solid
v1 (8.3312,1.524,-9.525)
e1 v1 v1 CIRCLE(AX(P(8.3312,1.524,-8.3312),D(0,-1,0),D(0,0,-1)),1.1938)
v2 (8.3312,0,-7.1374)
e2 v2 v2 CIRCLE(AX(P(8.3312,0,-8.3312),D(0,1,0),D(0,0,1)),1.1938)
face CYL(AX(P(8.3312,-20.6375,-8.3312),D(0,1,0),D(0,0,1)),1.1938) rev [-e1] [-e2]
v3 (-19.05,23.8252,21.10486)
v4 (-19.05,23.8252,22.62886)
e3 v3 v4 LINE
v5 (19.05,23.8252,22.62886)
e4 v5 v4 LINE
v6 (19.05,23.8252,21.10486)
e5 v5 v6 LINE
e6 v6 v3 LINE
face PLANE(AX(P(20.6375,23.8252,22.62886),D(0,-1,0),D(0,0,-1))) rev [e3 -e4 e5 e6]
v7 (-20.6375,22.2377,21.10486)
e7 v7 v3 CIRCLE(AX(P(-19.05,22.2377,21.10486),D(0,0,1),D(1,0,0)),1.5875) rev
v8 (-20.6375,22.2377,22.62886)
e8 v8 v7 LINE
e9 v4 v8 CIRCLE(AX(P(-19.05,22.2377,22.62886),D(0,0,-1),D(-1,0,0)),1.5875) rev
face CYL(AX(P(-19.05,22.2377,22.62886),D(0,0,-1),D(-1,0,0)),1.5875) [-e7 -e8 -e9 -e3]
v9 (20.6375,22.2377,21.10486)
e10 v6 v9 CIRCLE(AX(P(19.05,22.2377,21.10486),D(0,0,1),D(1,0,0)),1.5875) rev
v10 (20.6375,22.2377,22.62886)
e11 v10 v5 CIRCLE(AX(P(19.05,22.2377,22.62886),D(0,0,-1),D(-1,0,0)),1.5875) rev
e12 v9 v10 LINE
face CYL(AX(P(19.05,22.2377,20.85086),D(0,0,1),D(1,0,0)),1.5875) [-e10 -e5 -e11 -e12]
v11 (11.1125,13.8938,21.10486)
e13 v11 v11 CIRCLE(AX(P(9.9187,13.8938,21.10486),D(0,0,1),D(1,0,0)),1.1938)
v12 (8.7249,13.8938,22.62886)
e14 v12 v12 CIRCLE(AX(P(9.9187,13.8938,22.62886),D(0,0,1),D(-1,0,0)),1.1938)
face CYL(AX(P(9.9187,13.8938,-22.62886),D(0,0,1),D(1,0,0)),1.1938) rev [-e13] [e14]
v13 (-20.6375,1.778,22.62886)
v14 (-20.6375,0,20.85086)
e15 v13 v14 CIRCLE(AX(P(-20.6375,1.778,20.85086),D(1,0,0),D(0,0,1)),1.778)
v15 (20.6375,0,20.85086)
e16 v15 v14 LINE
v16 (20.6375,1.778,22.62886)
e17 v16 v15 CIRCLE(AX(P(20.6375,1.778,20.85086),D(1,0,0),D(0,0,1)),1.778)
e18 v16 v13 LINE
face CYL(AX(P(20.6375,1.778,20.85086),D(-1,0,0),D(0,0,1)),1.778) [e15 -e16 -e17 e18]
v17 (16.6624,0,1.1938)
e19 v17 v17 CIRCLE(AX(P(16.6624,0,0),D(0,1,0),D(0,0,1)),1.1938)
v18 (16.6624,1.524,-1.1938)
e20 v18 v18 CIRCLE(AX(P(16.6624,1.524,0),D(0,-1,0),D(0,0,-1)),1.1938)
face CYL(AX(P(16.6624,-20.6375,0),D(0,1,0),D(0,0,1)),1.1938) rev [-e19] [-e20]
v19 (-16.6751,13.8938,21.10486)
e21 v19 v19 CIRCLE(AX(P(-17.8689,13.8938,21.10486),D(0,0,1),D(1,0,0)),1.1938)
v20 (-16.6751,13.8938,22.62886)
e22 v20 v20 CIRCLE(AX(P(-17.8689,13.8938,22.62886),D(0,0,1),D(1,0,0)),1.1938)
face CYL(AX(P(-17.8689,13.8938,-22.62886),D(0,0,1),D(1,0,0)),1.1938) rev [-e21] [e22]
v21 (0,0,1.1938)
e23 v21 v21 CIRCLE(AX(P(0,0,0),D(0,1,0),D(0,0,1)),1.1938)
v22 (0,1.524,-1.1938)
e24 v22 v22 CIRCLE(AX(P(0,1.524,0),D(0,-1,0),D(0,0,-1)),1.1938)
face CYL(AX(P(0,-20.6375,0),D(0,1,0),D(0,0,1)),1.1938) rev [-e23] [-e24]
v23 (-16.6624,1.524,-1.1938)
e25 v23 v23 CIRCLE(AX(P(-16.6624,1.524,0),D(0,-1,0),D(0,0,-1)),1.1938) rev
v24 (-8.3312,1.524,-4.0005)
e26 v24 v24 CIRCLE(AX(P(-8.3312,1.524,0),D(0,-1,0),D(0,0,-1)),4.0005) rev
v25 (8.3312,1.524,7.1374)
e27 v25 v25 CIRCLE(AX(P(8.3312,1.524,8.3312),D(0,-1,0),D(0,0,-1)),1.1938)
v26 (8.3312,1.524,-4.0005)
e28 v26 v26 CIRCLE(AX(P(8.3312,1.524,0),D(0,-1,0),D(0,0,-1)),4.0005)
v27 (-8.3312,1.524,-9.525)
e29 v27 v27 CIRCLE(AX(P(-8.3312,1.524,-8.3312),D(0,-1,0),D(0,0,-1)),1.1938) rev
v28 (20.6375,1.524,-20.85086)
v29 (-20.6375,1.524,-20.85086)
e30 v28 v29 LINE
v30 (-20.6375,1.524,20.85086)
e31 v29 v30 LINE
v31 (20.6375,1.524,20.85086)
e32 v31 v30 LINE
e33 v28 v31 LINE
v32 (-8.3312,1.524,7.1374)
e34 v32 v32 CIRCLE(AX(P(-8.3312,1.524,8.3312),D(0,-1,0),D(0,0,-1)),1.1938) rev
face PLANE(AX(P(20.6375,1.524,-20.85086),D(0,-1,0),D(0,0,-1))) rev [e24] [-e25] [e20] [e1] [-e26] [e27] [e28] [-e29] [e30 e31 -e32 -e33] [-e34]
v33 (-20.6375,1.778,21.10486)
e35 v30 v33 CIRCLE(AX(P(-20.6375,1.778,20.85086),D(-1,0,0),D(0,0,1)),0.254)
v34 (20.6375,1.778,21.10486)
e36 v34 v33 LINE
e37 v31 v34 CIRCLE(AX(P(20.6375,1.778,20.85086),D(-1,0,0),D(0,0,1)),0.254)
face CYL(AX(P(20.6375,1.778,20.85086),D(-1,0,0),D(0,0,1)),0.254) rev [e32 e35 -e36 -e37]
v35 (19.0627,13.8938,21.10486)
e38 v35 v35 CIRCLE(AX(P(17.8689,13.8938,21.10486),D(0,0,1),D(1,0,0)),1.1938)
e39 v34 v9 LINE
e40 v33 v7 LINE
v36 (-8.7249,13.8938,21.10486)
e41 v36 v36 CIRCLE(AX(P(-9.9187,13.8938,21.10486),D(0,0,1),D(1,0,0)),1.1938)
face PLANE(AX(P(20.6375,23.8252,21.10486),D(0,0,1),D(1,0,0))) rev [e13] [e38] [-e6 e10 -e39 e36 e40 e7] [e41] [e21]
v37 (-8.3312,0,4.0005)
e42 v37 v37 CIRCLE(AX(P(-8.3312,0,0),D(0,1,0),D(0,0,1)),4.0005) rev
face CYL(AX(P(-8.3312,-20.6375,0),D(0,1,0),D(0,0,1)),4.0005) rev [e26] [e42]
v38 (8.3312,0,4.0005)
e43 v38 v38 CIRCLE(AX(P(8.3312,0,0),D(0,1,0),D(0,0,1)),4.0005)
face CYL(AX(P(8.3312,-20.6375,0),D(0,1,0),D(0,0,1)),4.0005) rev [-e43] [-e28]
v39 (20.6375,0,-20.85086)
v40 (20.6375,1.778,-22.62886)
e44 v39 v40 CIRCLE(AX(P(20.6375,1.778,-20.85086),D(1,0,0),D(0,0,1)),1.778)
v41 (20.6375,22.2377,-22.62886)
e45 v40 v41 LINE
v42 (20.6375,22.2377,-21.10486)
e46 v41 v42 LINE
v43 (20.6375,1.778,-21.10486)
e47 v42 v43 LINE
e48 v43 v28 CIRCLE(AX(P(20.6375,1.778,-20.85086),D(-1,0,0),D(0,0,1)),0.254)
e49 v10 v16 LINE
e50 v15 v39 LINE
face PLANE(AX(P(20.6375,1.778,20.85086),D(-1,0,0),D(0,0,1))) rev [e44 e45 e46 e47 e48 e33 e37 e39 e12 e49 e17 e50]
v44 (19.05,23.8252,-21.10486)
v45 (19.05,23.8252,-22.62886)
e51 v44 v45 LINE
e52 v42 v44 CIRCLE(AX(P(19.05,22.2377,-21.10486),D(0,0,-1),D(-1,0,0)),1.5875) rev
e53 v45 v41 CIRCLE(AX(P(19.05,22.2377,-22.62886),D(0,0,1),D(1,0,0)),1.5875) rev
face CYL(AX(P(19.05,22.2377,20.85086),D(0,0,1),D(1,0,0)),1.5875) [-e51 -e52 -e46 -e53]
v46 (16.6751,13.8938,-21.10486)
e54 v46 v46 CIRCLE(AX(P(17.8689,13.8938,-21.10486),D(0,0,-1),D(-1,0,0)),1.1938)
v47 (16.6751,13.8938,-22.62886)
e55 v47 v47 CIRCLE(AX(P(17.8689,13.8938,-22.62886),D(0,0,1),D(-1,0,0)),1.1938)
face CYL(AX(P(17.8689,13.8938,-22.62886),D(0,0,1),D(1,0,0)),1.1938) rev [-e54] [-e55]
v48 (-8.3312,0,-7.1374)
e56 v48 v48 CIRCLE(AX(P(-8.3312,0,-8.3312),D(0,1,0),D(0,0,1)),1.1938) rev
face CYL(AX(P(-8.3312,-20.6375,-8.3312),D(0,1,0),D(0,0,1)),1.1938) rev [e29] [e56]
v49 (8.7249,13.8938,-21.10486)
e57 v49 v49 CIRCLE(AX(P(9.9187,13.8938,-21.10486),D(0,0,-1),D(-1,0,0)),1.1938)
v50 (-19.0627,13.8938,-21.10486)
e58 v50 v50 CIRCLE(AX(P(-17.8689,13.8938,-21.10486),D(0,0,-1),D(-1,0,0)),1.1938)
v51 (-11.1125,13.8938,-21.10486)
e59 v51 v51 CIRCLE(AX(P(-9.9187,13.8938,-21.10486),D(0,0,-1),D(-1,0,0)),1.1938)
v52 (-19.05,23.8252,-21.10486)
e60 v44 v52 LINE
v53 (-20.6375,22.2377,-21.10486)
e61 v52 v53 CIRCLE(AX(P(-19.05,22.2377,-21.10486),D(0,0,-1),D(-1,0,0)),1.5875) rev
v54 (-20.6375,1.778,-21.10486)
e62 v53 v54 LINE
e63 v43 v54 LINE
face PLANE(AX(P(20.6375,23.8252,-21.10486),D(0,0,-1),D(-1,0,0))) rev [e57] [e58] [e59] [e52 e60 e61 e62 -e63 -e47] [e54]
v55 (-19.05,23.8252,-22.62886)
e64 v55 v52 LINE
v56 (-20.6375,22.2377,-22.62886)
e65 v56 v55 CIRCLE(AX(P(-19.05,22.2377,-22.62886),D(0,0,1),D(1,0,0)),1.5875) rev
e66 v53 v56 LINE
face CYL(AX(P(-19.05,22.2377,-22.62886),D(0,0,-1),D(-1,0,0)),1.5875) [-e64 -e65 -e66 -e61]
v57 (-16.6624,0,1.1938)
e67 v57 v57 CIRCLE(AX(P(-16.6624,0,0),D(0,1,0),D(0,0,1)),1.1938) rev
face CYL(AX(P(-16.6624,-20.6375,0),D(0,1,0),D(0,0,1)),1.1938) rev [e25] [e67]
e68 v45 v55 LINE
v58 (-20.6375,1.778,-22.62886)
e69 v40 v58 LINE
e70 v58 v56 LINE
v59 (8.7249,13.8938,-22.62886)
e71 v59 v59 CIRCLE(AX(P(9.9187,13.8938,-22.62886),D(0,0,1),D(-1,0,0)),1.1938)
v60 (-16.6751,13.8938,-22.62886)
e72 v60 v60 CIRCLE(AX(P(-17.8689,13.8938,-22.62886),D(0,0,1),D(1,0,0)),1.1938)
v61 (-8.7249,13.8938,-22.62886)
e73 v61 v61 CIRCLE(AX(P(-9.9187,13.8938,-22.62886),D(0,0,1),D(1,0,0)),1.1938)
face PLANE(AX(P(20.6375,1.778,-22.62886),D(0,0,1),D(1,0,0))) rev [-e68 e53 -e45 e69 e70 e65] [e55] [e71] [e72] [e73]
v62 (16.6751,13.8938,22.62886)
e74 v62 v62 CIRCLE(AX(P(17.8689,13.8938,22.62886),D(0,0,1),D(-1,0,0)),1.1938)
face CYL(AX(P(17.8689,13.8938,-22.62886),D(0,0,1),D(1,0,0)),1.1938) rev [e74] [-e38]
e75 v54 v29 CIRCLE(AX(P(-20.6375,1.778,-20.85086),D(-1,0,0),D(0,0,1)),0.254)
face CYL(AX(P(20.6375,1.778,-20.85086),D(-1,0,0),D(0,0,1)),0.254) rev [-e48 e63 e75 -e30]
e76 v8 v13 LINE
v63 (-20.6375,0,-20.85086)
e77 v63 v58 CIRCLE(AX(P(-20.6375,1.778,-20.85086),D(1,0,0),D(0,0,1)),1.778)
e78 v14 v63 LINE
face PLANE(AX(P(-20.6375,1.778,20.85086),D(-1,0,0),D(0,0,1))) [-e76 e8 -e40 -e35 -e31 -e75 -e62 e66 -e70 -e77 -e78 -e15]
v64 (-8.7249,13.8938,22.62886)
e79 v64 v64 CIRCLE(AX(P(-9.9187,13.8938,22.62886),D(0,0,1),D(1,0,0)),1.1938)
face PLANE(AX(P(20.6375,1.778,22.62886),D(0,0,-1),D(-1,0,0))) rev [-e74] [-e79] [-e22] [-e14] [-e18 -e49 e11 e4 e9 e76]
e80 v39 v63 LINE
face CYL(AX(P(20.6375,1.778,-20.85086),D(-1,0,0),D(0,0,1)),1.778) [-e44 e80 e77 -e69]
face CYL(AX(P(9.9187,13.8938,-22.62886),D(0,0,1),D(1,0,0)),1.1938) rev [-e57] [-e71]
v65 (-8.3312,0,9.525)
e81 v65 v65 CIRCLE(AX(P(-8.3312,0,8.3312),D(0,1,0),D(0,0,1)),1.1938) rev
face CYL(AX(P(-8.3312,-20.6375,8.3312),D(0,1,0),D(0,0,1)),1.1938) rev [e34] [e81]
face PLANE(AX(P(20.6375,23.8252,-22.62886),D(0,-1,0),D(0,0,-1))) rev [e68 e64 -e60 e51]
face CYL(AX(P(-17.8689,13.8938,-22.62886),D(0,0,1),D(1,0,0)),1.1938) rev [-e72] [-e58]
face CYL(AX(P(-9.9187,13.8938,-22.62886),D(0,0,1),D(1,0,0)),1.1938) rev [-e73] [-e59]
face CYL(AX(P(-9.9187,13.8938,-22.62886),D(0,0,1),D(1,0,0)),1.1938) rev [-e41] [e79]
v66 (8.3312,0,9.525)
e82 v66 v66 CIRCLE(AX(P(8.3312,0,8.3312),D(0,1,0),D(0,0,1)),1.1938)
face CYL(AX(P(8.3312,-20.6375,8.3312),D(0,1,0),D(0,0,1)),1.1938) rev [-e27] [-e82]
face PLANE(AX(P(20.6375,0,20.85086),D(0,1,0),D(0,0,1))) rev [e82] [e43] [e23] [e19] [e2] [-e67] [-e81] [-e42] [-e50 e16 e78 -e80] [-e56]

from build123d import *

# Parameters (mm, degrees)
EXTRUDE1_DEPTH          = 20.6375
EXTRUDE1_DEPTH_BACK     = 20.6375
SKETCH2_R               = 4.0005
SKETCH2_R_2             = 1.1938
CUT_EXTRUDE1_DEPTH      = 20.6375
CUT_EXTRUDE1_DEPTH_BACK = 20.6375
SKETCH3_R               = 1.1938
CUT_EXTRUDE2_DEPTH      = 23.62886
CUT_EXTRUDE2_DEPTH_BACK = 23.62886
FILLET1_R               = 1.5875


with BuildPart() as part:
    # Sketch1 → Extrude1 (new body, two sides)
    with BuildSketch(Plane(origin=(0, 0, 0), x_dir=(0, 0, -1), z_dir=(1, 0, 0))) as extrude1_sk:
        with BuildLine():
            Line((-20.85086, 0), (20.85086, 0))
            ThreePointArc((20.85086, 0), (22.108095857, 0.520764143), (22.62886, 1.778))
            Line((22.62886, 1.778), (22.62886, 23.8252))
            Line((22.62886, 23.8252), (21.10486, 23.8252))
            Line((21.10486, 23.8252), (21.10486, 1.778))
            ThreePointArc((21.10486, 1.778), (21.030465122, 1.598394878), (20.85086, 1.524))
            Line((20.85086, 1.524), (-20.85086, 1.524))
            ThreePointArc((-20.85086, 1.524), (-21.030465122, 1.598394878), (-21.10486, 1.778))
            Line((-21.10486, 1.778), (-21.10486, 23.8252))
            Line((-21.10486, 23.8252), (-22.62886, 23.8252))
            Line((-22.62886, 23.8252), (-22.62886, 1.778))
            ThreePointArc((-22.62886, 1.778), (-22.108095857, 0.520764143), (-20.85086, 0))
        make_face()
    extrude(amount=EXTRUDE1_DEPTH)
    extrude(extrude1_sk.sketch, amount=-EXTRUDE1_DEPTH_BACK)

    # Sketch2 → Cut-Extrude1 (cut, two sides)
    with BuildSketch(Plane(origin=(0, 0, 0), x_dir=(1, 0, 0), z_dir=(0, 1, 0))) as cut_extrude1_sk:
        with Locations(Location((-8.3312, 0, 0), (0, 0, 270))):  # turned: the seam where the file's is
            Circle(SKETCH2_R)
        with Locations(Location((8.3312, 0, 0), (0, 0, 270))):  # turned: the seam where the file's is
            Circle(SKETCH2_R)
        with Locations(Location((16.6624, 0, 0), (0, 0, 270))):  # turned: the seam where the file's is
            Circle(SKETCH2_R_2)
        with Locations(Location((-16.6624, 0, 0), (0, 0, 270))):  # turned: the seam where the file's is
            Circle(SKETCH2_R_2)
        with Locations(Location((-8.3312, 8.3312, 0), (0, 0, 270))):  # turned: the seam where the file's is
            Circle(SKETCH2_R_2)
        with Locations(Location((8.3312, 8.3312, 0), (0, 0, 270))):  # turned: the seam where the file's is
            Circle(SKETCH2_R_2)
        with Locations(Location((-8.3312, -8.3312, 0), (0, 0, 270))):  # turned: the seam where the file's is
            Circle(SKETCH2_R_2)
        with Locations(Location((8.3312, -8.3312, 0), (0, 0, 270))):  # turned: the seam where the file's is
            Circle(SKETCH2_R_2)
        with Locations(Location((0, 0, 0), (0, 0, 270))):  # turned: the seam where the file's is
            Circle(SKETCH2_R_2)
    extrude(amount=CUT_EXTRUDE1_DEPTH, mode=Mode.SUBTRACT)
    extrude(cut_extrude1_sk.sketch, amount=-CUT_EXTRUDE1_DEPTH_BACK, mode=Mode.SUBTRACT)

    # Sketch3 → Cut-Extrude2 (cut, two sides)
    with BuildSketch(Plane.XY) as cut_extrude2_sk:
        with Locations((-17.8689, 13.8938)):
            Circle(SKETCH3_R)
        with Locations((-9.9187, 13.8938)):
            Circle(SKETCH3_R)
        with Locations((9.9187, 13.8938)):
            Circle(SKETCH3_R)
        with Locations((17.8689, 13.8938)):
            Circle(SKETCH3_R)
    extrude(amount=CUT_EXTRUDE2_DEPTH, mode=Mode.SUBTRACT)
    extrude(cut_extrude2_sk.sketch, amount=-CUT_EXTRUDE2_DEPTH_BACK, mode=Mode.SUBTRACT)

    # Fillet1
    fillet1_edges = [part.edges().sort_by_distance(p)[0] for p in [
        (20.6375, 23.8252, -21.86686),
        (-20.6375, 23.8252, 21.86686),
        (-20.6375, 23.8252, -21.86686),
        (20.6375, 23.8252, 21.86686),
    ]]
    fillet(fillet1_edges, radius=FILLET1_R)


solid = part.part
